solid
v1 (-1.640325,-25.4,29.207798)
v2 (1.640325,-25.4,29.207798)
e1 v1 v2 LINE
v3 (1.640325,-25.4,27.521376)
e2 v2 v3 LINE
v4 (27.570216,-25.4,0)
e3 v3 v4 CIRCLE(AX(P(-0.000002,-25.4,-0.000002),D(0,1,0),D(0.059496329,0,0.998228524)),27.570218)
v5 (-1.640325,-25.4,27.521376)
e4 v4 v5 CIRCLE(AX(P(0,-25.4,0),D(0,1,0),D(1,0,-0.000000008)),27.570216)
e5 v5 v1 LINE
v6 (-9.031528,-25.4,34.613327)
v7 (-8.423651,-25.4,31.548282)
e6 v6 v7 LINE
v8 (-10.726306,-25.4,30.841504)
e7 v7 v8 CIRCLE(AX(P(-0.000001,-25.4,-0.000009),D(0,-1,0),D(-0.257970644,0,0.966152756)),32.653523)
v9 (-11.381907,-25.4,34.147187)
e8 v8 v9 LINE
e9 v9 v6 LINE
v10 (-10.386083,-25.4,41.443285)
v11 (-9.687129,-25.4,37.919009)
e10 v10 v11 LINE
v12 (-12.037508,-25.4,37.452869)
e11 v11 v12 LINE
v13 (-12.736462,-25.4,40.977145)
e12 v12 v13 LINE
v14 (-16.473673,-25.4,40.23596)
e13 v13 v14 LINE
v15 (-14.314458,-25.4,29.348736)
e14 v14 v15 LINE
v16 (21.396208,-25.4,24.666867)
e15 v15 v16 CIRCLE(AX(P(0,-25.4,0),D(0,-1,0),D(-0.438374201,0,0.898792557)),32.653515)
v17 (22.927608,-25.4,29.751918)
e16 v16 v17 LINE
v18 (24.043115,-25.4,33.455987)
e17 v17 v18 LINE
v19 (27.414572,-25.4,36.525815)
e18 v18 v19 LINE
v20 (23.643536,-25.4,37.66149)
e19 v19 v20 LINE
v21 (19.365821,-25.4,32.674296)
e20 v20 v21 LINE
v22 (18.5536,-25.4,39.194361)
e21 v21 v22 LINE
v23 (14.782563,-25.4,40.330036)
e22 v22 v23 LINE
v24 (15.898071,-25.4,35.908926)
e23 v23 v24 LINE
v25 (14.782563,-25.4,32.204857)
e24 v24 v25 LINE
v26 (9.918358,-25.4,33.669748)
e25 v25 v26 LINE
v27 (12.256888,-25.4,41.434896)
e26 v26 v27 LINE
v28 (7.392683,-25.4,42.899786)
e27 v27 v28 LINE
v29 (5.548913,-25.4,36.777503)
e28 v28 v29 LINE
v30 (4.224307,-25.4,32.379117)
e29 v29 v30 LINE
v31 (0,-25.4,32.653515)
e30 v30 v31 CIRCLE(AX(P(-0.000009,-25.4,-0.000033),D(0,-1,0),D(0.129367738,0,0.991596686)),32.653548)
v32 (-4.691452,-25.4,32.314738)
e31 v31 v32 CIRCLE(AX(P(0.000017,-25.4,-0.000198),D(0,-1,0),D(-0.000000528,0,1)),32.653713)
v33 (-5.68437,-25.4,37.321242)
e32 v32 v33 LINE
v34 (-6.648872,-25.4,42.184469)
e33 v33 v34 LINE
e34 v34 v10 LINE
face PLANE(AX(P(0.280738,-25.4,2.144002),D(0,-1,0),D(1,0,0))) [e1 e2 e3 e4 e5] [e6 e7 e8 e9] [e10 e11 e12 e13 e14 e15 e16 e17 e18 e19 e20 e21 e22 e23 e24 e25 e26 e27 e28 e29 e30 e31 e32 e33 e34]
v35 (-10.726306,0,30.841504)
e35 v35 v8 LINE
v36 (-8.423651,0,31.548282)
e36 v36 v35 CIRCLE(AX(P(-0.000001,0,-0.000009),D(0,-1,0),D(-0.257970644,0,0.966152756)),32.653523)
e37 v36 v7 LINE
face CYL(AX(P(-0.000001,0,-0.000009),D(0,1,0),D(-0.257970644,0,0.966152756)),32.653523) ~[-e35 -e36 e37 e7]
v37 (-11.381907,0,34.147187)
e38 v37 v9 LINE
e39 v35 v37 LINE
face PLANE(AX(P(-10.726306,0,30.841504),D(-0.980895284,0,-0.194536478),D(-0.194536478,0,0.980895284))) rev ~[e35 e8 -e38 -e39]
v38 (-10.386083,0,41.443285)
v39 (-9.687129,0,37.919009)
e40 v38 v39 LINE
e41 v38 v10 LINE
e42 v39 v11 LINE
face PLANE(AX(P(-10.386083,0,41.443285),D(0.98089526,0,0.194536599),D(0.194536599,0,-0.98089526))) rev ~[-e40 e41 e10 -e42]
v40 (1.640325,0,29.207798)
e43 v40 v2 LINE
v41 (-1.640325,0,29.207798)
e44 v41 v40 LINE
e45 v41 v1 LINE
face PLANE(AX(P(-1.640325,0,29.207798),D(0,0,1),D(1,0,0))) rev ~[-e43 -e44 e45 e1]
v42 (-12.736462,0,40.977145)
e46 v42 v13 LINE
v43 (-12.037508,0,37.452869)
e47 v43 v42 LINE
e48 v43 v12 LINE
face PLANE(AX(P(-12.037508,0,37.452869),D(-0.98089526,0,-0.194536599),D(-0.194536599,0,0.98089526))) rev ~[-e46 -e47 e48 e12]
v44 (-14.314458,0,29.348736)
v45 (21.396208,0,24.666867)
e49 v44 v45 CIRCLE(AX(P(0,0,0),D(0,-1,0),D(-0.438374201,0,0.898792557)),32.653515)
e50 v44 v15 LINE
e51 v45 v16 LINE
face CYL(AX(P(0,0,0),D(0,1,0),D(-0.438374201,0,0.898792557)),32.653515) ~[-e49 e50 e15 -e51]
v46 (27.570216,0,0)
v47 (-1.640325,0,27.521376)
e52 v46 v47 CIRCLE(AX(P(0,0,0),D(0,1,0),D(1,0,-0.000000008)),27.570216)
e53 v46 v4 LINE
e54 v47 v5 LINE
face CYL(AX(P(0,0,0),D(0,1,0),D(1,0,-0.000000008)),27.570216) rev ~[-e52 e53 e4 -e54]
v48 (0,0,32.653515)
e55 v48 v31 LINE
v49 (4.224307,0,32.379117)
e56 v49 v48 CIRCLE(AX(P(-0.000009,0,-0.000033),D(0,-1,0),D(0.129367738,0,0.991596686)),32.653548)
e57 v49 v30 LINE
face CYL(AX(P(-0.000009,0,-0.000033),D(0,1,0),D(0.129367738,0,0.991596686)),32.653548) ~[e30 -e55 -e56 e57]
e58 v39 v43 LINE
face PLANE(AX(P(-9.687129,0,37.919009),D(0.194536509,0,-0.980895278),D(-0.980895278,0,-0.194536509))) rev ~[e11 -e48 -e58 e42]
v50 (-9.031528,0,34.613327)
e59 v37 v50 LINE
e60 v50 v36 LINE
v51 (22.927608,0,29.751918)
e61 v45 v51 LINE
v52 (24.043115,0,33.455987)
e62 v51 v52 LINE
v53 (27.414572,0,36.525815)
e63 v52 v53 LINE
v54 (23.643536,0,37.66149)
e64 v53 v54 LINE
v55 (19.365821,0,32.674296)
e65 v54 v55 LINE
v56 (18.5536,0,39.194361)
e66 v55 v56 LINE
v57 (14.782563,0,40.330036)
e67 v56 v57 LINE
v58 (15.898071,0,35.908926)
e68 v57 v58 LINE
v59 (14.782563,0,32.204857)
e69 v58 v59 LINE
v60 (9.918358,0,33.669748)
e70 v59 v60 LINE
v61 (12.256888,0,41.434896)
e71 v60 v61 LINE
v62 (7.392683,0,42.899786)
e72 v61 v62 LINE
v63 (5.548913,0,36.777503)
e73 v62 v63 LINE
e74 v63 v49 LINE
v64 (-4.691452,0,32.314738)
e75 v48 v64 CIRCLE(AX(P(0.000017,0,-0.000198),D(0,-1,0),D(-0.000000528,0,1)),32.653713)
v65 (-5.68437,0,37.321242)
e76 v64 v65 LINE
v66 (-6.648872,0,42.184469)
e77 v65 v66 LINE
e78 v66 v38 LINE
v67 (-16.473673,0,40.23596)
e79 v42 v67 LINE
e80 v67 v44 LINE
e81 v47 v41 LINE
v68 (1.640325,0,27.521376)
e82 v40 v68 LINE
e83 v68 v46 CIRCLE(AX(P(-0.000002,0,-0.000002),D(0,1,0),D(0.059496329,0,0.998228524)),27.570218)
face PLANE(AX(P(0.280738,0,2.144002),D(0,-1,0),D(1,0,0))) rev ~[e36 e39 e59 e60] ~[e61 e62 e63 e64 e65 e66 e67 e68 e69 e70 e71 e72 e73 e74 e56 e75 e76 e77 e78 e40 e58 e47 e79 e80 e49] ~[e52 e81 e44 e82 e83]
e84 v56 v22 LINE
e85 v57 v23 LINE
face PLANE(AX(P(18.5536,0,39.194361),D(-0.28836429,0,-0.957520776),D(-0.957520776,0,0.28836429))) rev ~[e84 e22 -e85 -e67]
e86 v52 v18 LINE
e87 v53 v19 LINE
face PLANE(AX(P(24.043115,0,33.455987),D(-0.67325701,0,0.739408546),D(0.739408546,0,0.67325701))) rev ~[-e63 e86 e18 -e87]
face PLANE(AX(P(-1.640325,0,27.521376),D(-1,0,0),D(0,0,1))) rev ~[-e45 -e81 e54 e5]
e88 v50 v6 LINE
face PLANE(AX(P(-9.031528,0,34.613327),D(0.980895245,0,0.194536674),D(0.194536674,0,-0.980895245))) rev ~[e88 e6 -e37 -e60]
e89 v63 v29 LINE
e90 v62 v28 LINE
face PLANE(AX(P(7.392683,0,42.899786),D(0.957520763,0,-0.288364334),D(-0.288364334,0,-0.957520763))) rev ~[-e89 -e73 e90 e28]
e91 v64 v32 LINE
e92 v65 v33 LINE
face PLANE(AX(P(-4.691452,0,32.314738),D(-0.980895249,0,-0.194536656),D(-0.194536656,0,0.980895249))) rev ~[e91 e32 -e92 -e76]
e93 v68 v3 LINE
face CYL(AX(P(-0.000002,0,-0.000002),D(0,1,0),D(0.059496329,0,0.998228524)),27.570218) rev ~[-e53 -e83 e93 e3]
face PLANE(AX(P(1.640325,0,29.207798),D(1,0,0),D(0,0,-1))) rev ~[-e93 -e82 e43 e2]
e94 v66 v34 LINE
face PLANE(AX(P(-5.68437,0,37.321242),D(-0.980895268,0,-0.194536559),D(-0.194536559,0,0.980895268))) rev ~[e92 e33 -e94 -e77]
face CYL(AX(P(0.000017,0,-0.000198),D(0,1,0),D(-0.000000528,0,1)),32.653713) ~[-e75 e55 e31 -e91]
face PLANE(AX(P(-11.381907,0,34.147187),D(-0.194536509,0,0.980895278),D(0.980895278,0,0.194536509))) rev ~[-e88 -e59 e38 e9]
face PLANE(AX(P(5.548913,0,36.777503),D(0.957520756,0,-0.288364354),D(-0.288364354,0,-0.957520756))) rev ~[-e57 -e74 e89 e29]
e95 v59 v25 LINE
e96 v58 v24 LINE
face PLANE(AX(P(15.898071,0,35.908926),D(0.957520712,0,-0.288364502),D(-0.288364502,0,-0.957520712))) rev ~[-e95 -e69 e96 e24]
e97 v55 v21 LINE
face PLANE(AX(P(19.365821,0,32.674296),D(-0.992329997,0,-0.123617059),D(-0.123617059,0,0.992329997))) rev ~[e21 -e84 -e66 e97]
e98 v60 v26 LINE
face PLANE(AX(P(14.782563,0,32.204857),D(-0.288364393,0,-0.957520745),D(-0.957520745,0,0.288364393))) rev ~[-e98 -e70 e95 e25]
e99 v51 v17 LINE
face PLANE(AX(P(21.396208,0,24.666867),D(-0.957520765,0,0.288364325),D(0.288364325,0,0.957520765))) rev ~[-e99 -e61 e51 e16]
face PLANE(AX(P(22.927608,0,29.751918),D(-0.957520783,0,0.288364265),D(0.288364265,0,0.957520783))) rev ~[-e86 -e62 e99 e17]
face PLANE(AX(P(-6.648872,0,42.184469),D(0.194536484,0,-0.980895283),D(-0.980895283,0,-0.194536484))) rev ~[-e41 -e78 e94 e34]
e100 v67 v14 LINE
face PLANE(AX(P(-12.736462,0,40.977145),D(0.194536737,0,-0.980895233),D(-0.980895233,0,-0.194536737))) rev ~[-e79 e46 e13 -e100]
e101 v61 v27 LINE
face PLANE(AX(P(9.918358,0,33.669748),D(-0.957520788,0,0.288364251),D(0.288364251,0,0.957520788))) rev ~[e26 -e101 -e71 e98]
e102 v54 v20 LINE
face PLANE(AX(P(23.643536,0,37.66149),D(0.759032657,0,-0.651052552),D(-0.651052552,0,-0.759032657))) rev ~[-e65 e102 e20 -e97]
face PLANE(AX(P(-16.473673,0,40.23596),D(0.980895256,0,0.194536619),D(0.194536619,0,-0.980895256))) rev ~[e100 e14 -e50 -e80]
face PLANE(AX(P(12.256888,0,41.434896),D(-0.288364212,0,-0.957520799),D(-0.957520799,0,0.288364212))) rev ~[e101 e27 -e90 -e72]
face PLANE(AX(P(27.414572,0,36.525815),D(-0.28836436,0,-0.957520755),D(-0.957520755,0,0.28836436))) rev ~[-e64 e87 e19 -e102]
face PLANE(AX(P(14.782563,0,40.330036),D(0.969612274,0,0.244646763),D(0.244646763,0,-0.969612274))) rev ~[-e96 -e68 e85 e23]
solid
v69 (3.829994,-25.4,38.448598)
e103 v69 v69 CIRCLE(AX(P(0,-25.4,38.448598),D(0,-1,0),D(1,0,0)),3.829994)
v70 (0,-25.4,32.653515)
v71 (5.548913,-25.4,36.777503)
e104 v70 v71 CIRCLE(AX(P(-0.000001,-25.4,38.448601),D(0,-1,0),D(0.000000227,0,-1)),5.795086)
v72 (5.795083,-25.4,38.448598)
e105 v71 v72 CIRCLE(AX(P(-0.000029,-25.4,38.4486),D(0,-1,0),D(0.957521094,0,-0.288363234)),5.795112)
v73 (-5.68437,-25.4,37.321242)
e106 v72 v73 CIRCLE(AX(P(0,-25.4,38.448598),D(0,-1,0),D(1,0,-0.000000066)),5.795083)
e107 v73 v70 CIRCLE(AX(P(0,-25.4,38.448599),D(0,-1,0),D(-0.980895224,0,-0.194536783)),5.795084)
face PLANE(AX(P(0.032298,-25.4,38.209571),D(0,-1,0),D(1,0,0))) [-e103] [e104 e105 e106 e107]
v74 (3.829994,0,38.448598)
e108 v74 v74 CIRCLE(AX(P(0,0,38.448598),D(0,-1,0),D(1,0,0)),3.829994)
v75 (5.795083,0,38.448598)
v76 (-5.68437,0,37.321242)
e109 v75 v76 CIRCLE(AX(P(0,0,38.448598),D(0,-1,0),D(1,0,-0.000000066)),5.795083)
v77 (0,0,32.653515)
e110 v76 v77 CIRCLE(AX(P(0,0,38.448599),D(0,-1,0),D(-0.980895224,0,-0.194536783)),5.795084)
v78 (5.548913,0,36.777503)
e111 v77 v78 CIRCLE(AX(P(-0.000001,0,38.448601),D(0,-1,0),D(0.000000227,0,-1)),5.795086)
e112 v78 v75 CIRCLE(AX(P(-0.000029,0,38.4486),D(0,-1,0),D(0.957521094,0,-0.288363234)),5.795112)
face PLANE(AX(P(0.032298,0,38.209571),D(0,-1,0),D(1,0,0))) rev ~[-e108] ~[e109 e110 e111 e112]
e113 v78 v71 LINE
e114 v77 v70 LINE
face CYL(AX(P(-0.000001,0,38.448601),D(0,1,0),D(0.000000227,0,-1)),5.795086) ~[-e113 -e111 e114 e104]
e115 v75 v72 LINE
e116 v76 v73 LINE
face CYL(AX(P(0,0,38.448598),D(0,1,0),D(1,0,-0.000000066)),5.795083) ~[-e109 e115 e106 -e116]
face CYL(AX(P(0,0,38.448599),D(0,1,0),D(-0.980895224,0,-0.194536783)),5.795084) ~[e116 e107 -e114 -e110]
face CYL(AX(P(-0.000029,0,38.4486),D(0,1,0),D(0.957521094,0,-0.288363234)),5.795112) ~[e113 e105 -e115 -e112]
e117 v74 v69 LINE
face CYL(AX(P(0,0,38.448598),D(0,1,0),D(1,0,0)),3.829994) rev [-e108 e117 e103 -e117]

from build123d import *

# Parameters (mm, degrees)
F0_R     = 3.829994
F1_DEPTH = 25.4


with BuildPart() as f1:
    # F0 (on Front) → F1 (new body)
    with BuildSketch(Plane.XZ):
        with BuildLine():
            Line((19.342009, 26.308529), (17.774923, 27.39168))
            ThreePointArc((17.774923, 27.39168), (15.908861, 28.515963), (13.971985, 29.513313))
            ThreePointArc((13.971985, 29.513313), (9.210292, 31.327664), (4.224307, 32.379117))
            ThreePointArc((4.224307, 32.379117), (2.116605, 32.584843), (0, 32.653515))
            ThreePointArc((0, 32.653515), (-2.351834, 32.56871), (-4.691452, 32.314738))
            ThreePointArc((-4.691452, 32.314738), (-6.56874, 31.985992), (-8.423651, 31.548282))
            ThreePointArc((-8.423651, 31.548282), (-9.581498, 31.216132), (-10.726306, 30.841504))
            ThreePointArc((-10.726306, 30.841504), (-12.542609, 30.148548), (-14.314458, 29.348736))
            ThreePointArc((-14.314458, 29.348736), (-4.244734, -32.376446), (21.396208, 24.666867))
            ThreePointArc((21.396208, 24.666867), (20.385641, 25.508384), (19.342009, 26.308529))
        make_face()
        with BuildLine():
            ThreePointArc((1.640325, 27.521376), (20.06665, 18.906251), (27.570216, 0))
            ThreePointArc((27.570216, 0), (-18.906251, -20.06665), (-1.640325, 27.521376))
            Line((-1.640325, 27.521376), (-1.640325, 29.207798))
            Line((-1.640325, 29.207798), (0, 29.207798))
            Line((0, 29.207798), (1.640325, 29.207798))
            Line((1.640325, 29.207798), (1.640325, 27.521376))
        make_face(mode=Mode.SUBTRACT)
        with BuildLine():
            ThreePointArc((13.971985, 29.513313), (15.908861, 28.515963), (17.774923, 27.39168))
            Line((17.774923, 27.39168), (19.342009, 26.308529))
            ThreePointArc((19.342009, 26.308529), (20.385641, 25.508384), (21.396208, 24.666867))
            Line((21.396208, 24.666867), (22.927608, 29.751918))
            Line((22.927608, 29.751918), (24.043115, 33.455987))
            Line((24.043115, 33.455987), (27.414572, 36.525815))
            Line((27.414572, 36.525815), (23.643536, 37.66149))
            Line((23.643536, 37.66149), (19.365821, 32.674296))
            Line((19.365821, 32.674296), (18.5536, 39.194361))
            Line((18.5536, 39.194361), (14.782563, 40.330036))
            Line((14.782563, 40.330036), (15.898071, 35.908926))
            Line((15.898071, 35.908926), (14.782563, 32.204857))
            Line((14.782563, 32.204857), (13.971985, 29.513313))
        make_face()
        with BuildLine():
            ThreePointArc((4.224307, 32.379117), (9.210292, 31.327664), (13.971985, 29.513313))
            Line((13.971985, 29.513313), (14.782563, 32.204857))
            Line((14.782563, 32.204857), (9.918358, 33.669748))
            Line((9.918358, 33.669748), (12.256888, 41.434896))
            Line((12.256888, 41.434896), (7.392683, 42.899786))
            Line((7.392683, 42.899786), (5.548913, 36.777503))
            Line((5.548913, 36.777503), (4.224307, 32.379117))
        make_face()
        with BuildLine():
            ThreePointArc((-5.68437, 37.321242), (-3.677626, 33.969976), (0, 32.653515))
            ThreePointArc((0, 32.653515), (3.456794, 33.797409), (5.548913, 36.777503))
            ThreePointArc((5.548913, 36.777503), (5.73321, 37.604033), (5.795083, 38.448598))
            ThreePointArc((5.795083, 38.448598), (-0.566389, 44.215937), (-5.68437, 37.321242))
        make_face()
        with Locations((0, 38.448598)):
            Circle(F0_R, mode=Mode.SUBTRACT)
        with BuildLine():
            Line((-16.473673, 40.23596), (-14.314458, 29.348736))
            ThreePointArc((-14.314458, 29.348736), (-12.542609, 30.148548), (-10.726306, 30.841504))
            Line((-10.726306, 30.841504), (-11.381907, 34.147187))
            Line((-11.381907, 34.147187), (-9.031528, 34.613327))
            Line((-9.031528, 34.613327), (-8.423651, 31.548282))
            ThreePointArc((-8.423651, 31.548282), (-6.56874, 31.985992), (-4.691452, 32.314738))
            Line((-4.691452, 32.314738), (-5.68437, 37.321242))
            Line((-5.68437, 37.321242), (-6.648872, 42.184469))
            Line((-6.648872, 42.184469), (-10.386083, 41.443285))
            Line((-10.386083, 41.443285), (-9.687129, 37.919009))
            Line((-9.687129, 37.919009), (-12.037508, 37.452869))
            Line((-12.037508, 37.452869), (-12.736462, 40.977145))
            Line((-12.736462, 40.977145), (-16.473673, 40.23596))
        make_face()
    extrude(amount=F1_DEPTH)


solid = f1.part
